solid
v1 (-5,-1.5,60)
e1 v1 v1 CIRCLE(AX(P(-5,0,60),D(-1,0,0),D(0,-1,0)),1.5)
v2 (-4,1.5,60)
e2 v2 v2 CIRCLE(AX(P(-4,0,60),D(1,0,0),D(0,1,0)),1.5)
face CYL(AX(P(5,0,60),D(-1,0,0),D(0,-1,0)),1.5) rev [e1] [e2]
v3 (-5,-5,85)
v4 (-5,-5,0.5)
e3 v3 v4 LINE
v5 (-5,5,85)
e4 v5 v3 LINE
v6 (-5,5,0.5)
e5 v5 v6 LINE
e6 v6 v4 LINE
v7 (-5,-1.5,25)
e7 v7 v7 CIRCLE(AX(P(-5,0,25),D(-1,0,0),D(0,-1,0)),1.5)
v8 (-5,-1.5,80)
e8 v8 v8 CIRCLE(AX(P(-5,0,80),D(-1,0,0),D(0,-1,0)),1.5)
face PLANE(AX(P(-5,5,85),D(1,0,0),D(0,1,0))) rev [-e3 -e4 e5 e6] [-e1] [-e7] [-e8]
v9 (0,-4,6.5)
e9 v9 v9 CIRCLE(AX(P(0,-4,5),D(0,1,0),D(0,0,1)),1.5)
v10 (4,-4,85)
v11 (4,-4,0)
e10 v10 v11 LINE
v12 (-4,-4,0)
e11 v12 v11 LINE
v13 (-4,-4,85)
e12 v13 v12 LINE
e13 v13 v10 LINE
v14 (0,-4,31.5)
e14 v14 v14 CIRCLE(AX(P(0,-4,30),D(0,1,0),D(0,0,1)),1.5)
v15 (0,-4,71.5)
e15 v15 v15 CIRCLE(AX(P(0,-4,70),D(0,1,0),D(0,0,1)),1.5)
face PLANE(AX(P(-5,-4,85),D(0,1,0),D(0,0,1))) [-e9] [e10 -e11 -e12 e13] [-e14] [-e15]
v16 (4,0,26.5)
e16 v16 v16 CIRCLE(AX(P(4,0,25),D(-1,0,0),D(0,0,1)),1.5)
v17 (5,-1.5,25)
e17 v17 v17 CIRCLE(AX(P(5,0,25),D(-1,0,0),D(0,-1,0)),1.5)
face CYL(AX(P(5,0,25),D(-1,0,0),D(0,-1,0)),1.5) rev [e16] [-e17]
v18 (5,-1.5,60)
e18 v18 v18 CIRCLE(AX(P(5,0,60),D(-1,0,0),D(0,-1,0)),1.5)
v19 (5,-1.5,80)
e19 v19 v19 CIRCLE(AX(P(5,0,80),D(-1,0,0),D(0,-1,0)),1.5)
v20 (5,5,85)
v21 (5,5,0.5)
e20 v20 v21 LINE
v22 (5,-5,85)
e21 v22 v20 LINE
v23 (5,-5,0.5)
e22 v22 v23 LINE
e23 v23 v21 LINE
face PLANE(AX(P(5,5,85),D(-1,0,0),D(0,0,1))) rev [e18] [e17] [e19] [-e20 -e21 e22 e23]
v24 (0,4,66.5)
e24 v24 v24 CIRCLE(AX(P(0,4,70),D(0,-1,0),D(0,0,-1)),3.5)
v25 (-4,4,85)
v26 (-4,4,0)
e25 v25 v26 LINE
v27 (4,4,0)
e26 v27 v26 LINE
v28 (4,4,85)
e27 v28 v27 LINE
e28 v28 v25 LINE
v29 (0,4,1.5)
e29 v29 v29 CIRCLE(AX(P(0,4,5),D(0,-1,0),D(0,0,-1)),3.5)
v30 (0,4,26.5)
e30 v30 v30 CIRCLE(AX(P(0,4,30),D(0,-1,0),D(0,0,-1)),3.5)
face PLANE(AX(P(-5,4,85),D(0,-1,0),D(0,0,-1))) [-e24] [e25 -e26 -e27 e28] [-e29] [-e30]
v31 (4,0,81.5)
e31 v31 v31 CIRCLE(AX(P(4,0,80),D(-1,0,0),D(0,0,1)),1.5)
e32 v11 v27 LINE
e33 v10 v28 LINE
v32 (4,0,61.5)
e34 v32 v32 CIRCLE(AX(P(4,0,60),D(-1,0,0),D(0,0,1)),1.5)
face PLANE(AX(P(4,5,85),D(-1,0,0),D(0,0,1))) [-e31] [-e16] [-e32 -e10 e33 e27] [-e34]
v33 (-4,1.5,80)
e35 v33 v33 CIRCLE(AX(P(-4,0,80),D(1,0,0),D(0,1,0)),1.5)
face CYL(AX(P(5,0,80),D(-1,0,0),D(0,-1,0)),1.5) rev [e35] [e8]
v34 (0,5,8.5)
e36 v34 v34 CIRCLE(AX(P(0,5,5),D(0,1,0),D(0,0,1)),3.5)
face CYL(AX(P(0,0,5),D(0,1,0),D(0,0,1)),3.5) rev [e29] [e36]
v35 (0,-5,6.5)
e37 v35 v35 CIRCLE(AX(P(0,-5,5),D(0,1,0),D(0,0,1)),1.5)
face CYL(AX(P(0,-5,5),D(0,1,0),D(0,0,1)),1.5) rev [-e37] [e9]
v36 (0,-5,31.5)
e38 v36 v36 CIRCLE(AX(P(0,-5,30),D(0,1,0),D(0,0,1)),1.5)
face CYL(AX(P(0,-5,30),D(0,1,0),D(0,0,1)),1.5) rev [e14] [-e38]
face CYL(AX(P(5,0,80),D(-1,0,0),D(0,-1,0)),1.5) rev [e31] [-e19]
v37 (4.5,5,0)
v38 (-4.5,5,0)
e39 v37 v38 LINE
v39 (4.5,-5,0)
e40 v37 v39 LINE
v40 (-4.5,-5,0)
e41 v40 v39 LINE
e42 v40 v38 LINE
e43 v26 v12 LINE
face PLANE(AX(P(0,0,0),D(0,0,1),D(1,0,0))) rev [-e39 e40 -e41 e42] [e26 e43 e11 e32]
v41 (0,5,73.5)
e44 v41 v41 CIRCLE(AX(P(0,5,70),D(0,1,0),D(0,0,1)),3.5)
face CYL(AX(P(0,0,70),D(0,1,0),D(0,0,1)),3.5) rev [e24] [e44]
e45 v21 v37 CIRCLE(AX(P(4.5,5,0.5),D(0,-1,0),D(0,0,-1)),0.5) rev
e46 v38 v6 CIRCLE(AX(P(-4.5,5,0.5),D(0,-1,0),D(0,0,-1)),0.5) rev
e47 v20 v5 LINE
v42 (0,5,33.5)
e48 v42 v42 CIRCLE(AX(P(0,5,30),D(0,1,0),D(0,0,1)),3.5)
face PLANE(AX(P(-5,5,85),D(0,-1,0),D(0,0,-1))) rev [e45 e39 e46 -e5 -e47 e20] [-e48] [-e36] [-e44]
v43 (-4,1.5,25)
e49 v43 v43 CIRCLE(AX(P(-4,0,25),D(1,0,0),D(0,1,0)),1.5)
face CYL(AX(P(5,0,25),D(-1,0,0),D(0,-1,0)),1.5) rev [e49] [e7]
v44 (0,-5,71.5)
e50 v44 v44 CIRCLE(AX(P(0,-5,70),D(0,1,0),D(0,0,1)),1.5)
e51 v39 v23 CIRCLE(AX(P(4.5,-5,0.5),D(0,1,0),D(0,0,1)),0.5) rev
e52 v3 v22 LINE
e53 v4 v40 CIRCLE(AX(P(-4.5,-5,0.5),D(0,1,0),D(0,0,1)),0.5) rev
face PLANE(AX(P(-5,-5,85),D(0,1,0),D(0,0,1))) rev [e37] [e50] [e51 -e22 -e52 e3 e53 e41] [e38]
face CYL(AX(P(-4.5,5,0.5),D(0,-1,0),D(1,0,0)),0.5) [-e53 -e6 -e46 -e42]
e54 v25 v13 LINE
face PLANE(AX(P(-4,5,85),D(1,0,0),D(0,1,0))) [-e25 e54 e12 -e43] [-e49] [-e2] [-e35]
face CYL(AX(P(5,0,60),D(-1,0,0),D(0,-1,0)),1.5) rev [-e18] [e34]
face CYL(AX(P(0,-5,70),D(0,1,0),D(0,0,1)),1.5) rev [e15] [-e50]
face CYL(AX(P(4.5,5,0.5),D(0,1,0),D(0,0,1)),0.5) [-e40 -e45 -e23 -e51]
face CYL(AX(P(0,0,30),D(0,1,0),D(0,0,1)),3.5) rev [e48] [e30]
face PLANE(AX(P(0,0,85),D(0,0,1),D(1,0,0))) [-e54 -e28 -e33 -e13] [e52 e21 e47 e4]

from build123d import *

# Parameters (mm, degrees)
SKETCH_1_W          = 10
SKETCH_1_H          = 10
SKETCH_1_W_2        = 8
SKETCH_1_H_2        = 8
EXTRUDE_1_DEPTH     = 85
SKETCH_2_R          = 1.5
CUT_EXTRUDE_1_DEPTH = 11
SKETCH_3_R          = 1.5
CUT_EXTRUDE_2_DEPTH = 10
SKETCH_4_R          = 3.5
CUT_EXTRUDE_3_DEPTH = 5
FILLET_1_R          = 0.5


with BuildPart() as part:
    # 草图1 → 拉伸-薄壁1 (new body)
    with BuildSketch(Plane.XY):
        Rectangle(SKETCH_1_W, SKETCH_1_H)
        Rectangle(SKETCH_1_W_2, SKETCH_1_H_2, mode=Mode.SUBTRACT)
    extrude(amount=EXTRUDE_1_DEPTH)

    # 草图2 → 切除-拉伸1 (cut, through all)
    with BuildSketch(Plane(origin=(0, 5, 0), x_dir=(1, 0, 0), z_dir=(0, 1, 0))):
        with Locations((0, -70)):
            Circle(SKETCH_2_R)
        with Locations((0, -5)):
            Circle(SKETCH_2_R)
        with Locations((0, -30)):
            Circle(SKETCH_2_R)
    extrude(amount=-CUT_EXTRUDE_1_DEPTH, mode=Mode.SUBTRACT)

    # 草图3 → 切除-拉伸2 (cut)
    with BuildSketch(Plane.ZY.offset(5)):
        with Locations((25, 0)):
            Circle(SKETCH_3_R)
        with Locations((60, 0)):
            Circle(SKETCH_3_R)
        with Locations((80, 0)):
            Circle(SKETCH_3_R)
    extrude(amount=-CUT_EXTRUDE_2_DEPTH, mode=Mode.SUBTRACT)

    # 草图4 → 切除-拉伸3 (cut)
    with BuildSketch(Plane(origin=(0, 5, 0), x_dir=(1, 0, 0), z_dir=(0, 1, 0))):
        with Locations((0, -5)):
            Circle(SKETCH_4_R)
        with Locations((0, -30)):
            Circle(SKETCH_4_R)
        with Locations((0, -70)):
            Circle(SKETCH_4_R)
    extrude(amount=-CUT_EXTRUDE_3_DEPTH, mode=Mode.SUBTRACT)

    # 圆角1
    fillet_1_edges = [part.edges().sort_by_distance(p)[0] for p in [
        (5, 0, 0),
        (-5, 0, 0),
    ]]
    fillet(fillet_1_edges, radius=FILLET_1_R)


solid = part.part
